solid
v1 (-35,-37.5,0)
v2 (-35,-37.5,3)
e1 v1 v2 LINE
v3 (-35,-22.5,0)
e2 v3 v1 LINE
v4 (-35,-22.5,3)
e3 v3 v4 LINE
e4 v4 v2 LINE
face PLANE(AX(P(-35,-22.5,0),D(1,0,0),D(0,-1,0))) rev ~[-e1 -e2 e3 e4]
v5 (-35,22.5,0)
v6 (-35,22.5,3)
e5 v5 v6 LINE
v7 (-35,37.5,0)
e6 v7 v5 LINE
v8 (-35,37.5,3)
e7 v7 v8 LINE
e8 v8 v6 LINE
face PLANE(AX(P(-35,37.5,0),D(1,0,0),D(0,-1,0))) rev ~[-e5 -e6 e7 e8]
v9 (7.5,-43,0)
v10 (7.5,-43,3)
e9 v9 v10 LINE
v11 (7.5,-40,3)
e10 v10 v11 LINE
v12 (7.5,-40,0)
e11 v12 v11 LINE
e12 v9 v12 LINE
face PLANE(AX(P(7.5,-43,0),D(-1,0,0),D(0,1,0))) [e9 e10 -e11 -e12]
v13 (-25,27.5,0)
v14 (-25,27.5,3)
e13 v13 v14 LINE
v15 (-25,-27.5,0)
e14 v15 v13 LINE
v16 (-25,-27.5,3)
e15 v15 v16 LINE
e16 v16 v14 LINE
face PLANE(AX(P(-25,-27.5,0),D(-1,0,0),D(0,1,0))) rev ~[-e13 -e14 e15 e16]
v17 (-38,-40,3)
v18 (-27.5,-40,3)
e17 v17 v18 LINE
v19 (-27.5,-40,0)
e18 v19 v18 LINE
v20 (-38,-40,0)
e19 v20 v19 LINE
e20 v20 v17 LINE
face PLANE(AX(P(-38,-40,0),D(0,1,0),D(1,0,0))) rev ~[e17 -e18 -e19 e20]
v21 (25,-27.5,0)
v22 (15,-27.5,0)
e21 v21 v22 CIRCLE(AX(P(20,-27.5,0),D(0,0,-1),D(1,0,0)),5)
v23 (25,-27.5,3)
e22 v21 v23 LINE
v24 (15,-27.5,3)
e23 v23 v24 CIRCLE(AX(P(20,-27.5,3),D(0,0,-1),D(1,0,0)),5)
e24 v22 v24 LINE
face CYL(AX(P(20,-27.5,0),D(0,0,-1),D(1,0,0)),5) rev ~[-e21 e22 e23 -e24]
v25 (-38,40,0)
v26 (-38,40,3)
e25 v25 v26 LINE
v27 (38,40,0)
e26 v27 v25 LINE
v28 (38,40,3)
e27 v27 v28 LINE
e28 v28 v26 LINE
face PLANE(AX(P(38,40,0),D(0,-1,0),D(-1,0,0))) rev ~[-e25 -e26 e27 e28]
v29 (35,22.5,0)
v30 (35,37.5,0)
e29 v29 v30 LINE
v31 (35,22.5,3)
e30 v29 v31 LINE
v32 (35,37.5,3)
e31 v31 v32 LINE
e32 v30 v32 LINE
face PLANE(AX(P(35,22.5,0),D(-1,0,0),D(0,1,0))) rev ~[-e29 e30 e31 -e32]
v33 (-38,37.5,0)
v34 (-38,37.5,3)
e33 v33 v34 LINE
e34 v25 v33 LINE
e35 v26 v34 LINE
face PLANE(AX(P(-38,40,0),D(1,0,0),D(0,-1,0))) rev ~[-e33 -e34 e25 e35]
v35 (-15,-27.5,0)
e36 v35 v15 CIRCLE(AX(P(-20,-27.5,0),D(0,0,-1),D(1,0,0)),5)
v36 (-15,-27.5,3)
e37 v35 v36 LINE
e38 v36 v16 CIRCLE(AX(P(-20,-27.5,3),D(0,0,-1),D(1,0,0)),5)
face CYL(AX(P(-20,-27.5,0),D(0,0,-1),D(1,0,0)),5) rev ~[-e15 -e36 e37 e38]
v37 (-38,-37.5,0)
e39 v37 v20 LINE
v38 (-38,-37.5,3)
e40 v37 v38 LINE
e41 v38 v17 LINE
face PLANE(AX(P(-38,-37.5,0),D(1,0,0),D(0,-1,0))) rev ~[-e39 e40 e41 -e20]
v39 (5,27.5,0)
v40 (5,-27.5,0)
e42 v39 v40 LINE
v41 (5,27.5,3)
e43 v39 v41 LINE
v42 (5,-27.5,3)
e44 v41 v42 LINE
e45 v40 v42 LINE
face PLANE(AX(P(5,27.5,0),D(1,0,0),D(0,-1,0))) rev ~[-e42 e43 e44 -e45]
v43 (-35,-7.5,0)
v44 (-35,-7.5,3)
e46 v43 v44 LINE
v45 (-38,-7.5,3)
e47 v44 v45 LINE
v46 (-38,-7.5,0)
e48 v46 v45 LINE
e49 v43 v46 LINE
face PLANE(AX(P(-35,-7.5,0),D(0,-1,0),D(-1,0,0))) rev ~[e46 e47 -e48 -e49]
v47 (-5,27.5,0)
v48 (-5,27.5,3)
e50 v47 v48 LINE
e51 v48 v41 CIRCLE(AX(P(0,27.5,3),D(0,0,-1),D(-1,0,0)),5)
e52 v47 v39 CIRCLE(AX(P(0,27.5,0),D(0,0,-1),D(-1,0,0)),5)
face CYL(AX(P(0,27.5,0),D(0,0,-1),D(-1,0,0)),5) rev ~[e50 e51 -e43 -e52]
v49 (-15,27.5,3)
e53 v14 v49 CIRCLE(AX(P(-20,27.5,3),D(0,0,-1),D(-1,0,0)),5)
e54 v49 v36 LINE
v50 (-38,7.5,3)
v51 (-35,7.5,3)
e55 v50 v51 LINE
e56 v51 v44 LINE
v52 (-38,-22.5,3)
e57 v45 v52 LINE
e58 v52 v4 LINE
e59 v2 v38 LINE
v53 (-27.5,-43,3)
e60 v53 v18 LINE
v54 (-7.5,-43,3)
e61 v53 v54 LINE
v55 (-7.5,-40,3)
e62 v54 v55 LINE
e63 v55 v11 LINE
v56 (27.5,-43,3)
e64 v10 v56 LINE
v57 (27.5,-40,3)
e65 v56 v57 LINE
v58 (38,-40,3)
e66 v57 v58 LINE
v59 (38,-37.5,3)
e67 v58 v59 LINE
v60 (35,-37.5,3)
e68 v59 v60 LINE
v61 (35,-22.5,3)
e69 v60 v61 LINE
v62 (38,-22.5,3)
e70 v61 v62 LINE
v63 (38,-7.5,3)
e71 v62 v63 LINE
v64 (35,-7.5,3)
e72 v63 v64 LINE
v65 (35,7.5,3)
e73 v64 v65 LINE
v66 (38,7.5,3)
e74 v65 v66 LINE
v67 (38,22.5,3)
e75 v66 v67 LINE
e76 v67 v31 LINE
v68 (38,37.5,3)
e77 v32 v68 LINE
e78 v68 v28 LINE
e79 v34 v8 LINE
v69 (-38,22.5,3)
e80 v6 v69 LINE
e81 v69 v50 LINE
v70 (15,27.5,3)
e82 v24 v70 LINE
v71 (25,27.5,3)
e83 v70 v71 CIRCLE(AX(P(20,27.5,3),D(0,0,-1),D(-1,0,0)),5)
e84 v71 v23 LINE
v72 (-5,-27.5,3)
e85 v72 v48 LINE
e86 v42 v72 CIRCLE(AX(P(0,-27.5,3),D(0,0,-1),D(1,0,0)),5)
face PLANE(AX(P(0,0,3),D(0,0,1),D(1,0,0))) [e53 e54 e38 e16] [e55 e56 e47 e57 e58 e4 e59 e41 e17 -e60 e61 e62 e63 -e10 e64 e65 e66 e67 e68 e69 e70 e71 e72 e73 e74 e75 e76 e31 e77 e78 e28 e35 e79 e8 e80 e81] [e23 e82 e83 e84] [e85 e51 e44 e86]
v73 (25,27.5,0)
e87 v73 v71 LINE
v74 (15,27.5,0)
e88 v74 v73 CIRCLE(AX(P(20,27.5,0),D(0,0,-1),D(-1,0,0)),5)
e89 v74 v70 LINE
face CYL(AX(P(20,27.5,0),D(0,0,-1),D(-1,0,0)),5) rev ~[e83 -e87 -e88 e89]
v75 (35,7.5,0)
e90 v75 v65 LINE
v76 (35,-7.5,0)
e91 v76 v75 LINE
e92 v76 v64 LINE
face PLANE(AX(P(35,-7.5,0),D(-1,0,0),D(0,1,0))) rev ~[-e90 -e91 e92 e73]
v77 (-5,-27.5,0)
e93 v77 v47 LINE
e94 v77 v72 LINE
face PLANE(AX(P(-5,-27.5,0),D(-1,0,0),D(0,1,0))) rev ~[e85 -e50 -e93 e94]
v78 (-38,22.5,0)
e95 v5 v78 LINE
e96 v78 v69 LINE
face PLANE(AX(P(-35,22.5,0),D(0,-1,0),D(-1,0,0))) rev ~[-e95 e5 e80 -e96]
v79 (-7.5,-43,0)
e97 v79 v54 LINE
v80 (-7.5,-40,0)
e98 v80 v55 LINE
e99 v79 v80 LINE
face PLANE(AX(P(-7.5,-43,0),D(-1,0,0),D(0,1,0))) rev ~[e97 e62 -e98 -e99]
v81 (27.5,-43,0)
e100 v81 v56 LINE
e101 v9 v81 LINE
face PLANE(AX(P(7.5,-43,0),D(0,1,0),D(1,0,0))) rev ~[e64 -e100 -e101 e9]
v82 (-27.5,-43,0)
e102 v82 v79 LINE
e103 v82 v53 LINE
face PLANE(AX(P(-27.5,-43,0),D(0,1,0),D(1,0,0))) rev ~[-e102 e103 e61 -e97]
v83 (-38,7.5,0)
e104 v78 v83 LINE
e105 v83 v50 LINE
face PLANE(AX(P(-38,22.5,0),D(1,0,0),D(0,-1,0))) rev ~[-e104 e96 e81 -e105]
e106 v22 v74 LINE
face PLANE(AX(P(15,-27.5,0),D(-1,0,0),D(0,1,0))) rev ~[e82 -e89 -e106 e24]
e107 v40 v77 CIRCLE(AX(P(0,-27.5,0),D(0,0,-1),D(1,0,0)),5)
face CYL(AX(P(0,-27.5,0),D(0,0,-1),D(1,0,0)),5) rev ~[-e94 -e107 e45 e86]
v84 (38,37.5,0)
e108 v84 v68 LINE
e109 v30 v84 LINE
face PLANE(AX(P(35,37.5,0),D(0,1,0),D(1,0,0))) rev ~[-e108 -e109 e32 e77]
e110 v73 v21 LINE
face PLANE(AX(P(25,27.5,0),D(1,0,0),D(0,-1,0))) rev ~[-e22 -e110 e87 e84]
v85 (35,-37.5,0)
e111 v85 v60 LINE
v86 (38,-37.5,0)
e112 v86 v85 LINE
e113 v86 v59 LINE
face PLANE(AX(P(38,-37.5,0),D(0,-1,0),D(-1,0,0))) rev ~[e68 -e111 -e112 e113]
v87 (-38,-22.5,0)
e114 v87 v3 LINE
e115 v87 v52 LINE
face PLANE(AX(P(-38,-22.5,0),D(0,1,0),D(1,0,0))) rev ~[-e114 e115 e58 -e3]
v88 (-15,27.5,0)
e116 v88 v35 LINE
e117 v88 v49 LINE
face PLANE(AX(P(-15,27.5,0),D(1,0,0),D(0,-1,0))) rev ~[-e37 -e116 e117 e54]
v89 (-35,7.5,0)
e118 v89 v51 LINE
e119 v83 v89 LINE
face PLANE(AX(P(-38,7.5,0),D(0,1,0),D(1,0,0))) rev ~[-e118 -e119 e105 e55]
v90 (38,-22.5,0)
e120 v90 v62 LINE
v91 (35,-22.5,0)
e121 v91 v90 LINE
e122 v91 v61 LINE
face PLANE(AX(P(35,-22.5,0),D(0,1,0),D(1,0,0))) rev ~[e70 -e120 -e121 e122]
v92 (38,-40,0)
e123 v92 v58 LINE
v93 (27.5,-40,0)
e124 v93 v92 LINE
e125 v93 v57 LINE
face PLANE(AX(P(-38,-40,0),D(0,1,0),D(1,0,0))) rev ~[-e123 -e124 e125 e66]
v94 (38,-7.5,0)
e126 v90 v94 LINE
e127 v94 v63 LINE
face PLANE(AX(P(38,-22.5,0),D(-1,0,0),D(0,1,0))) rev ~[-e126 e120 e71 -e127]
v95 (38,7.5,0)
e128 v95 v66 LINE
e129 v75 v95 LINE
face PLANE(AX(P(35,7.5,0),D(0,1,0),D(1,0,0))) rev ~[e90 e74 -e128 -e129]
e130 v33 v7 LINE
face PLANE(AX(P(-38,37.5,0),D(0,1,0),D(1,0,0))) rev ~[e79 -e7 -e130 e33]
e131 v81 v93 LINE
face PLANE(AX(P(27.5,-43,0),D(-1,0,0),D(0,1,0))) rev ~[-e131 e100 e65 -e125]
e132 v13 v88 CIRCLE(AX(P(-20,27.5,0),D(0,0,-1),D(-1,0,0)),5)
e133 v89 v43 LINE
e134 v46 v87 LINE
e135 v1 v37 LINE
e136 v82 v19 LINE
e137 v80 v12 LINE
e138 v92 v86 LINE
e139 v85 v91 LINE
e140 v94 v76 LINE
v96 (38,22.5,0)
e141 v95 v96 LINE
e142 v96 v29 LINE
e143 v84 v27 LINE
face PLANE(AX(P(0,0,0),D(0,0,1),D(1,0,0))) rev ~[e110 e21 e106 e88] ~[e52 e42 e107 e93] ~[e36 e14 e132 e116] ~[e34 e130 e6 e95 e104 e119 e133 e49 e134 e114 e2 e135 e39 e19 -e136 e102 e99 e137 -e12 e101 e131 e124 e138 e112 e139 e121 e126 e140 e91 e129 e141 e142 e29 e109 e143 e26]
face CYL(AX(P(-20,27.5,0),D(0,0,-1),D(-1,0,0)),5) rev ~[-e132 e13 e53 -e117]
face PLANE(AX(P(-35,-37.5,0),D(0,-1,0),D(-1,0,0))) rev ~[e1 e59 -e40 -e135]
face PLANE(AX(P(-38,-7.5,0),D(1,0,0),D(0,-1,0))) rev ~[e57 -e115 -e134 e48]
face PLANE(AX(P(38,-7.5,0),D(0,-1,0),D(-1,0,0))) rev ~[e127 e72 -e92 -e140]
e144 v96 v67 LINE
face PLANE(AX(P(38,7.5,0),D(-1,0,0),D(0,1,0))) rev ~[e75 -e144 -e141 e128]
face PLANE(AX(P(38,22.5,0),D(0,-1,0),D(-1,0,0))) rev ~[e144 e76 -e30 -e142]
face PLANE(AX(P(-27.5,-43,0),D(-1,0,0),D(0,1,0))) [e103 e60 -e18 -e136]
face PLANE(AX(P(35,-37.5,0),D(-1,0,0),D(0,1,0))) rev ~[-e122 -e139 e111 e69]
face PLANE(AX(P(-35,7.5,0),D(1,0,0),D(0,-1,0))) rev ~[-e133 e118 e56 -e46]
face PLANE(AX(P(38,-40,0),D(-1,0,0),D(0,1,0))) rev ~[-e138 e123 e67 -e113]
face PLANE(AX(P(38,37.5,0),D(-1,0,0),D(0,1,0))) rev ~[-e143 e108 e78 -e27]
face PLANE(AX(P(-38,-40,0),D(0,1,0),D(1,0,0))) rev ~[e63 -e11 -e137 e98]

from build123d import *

# Parameters (mm, degrees)
SKETCH1_W           = 20
SKETCH1_H           = 3
BOSS_EXTRUDE1_DEPTH = 3


with BuildPart() as part:
    # Sketch1 → Boss-Extrude1 (new body)
    # profile 1 of 3: a face of its own
    with BuildSketch(Plane.XY):
        Polygon((35, 40), (-35, 40), (-38, 40), (-38, 37.5), (-35, 37.5), (-35, 22.5), (-38, 22.5), (-38, 7.5), (-35, 7.5), (-35, -7.5), (-38, -7.5), (-38, -22.5), (-35, -22.5), (-35, -37.5), (-38, -37.5), (-38, -40), (-27.5, -40), (-7.5, -40), (7.5, -40), (27.5, -40), (38, -40), (38, -37.5), (35, -37.5), (35, -22.5), (38, -22.5), (38, -7.5), (35, -7.5), (35, 7.5), (38, 7.5), (38, 22.5), (35, 22.5), (35, 37.5), (38, 37.5), (38, 40), align=None)
        with BuildLine():
            Line((-15, 27.5), (-15, -27.5))
            ThreePointArc((-15, -27.5), (-20, -32.5), (-25, -27.5))
            Line((-25, -27.5), (-25, 27.5))
            ThreePointArc((-25, 27.5), (-20, 32.5), (-15, 27.5))
        make_face(mode=Mode.SUBTRACT)
        with BuildLine():
            ThreePointArc((5, -27.5), (0, -32.5), (-5, -27.5))
            Line((-5, -27.5), (-5, 27.5))
            ThreePointArc((-5, 27.5), (0, 32.5), (5, 27.5))
            Line((5, 27.5), (5, -27.5))
        make_face(mode=Mode.SUBTRACT)
        with BuildLine():
            ThreePointArc((25, -27.5), (20, -32.5), (15, -27.5))
            Line((15, -27.5), (15, 27.5))
            ThreePointArc((15, 27.5), (20, 32.5), (25, 27.5))
            Line((25, 27.5), (25, -27.5))
        make_face(mode=Mode.SUBTRACT)
    # profile 2 of 3: a face of its own
    with BuildSketch(Plane.XY):
        with Locations((17.5, -41.5)):
            Rectangle(SKETCH1_W, SKETCH1_H)
    # profile 3 of 3: a face of its own
    with BuildSketch(Plane.XY):
        with Locations((-17.5, -41.5)):
            Rectangle(SKETCH1_W, SKETCH1_H)
    extrude(amount=BOSS_EXTRUDE1_DEPTH)


solid = part.part
